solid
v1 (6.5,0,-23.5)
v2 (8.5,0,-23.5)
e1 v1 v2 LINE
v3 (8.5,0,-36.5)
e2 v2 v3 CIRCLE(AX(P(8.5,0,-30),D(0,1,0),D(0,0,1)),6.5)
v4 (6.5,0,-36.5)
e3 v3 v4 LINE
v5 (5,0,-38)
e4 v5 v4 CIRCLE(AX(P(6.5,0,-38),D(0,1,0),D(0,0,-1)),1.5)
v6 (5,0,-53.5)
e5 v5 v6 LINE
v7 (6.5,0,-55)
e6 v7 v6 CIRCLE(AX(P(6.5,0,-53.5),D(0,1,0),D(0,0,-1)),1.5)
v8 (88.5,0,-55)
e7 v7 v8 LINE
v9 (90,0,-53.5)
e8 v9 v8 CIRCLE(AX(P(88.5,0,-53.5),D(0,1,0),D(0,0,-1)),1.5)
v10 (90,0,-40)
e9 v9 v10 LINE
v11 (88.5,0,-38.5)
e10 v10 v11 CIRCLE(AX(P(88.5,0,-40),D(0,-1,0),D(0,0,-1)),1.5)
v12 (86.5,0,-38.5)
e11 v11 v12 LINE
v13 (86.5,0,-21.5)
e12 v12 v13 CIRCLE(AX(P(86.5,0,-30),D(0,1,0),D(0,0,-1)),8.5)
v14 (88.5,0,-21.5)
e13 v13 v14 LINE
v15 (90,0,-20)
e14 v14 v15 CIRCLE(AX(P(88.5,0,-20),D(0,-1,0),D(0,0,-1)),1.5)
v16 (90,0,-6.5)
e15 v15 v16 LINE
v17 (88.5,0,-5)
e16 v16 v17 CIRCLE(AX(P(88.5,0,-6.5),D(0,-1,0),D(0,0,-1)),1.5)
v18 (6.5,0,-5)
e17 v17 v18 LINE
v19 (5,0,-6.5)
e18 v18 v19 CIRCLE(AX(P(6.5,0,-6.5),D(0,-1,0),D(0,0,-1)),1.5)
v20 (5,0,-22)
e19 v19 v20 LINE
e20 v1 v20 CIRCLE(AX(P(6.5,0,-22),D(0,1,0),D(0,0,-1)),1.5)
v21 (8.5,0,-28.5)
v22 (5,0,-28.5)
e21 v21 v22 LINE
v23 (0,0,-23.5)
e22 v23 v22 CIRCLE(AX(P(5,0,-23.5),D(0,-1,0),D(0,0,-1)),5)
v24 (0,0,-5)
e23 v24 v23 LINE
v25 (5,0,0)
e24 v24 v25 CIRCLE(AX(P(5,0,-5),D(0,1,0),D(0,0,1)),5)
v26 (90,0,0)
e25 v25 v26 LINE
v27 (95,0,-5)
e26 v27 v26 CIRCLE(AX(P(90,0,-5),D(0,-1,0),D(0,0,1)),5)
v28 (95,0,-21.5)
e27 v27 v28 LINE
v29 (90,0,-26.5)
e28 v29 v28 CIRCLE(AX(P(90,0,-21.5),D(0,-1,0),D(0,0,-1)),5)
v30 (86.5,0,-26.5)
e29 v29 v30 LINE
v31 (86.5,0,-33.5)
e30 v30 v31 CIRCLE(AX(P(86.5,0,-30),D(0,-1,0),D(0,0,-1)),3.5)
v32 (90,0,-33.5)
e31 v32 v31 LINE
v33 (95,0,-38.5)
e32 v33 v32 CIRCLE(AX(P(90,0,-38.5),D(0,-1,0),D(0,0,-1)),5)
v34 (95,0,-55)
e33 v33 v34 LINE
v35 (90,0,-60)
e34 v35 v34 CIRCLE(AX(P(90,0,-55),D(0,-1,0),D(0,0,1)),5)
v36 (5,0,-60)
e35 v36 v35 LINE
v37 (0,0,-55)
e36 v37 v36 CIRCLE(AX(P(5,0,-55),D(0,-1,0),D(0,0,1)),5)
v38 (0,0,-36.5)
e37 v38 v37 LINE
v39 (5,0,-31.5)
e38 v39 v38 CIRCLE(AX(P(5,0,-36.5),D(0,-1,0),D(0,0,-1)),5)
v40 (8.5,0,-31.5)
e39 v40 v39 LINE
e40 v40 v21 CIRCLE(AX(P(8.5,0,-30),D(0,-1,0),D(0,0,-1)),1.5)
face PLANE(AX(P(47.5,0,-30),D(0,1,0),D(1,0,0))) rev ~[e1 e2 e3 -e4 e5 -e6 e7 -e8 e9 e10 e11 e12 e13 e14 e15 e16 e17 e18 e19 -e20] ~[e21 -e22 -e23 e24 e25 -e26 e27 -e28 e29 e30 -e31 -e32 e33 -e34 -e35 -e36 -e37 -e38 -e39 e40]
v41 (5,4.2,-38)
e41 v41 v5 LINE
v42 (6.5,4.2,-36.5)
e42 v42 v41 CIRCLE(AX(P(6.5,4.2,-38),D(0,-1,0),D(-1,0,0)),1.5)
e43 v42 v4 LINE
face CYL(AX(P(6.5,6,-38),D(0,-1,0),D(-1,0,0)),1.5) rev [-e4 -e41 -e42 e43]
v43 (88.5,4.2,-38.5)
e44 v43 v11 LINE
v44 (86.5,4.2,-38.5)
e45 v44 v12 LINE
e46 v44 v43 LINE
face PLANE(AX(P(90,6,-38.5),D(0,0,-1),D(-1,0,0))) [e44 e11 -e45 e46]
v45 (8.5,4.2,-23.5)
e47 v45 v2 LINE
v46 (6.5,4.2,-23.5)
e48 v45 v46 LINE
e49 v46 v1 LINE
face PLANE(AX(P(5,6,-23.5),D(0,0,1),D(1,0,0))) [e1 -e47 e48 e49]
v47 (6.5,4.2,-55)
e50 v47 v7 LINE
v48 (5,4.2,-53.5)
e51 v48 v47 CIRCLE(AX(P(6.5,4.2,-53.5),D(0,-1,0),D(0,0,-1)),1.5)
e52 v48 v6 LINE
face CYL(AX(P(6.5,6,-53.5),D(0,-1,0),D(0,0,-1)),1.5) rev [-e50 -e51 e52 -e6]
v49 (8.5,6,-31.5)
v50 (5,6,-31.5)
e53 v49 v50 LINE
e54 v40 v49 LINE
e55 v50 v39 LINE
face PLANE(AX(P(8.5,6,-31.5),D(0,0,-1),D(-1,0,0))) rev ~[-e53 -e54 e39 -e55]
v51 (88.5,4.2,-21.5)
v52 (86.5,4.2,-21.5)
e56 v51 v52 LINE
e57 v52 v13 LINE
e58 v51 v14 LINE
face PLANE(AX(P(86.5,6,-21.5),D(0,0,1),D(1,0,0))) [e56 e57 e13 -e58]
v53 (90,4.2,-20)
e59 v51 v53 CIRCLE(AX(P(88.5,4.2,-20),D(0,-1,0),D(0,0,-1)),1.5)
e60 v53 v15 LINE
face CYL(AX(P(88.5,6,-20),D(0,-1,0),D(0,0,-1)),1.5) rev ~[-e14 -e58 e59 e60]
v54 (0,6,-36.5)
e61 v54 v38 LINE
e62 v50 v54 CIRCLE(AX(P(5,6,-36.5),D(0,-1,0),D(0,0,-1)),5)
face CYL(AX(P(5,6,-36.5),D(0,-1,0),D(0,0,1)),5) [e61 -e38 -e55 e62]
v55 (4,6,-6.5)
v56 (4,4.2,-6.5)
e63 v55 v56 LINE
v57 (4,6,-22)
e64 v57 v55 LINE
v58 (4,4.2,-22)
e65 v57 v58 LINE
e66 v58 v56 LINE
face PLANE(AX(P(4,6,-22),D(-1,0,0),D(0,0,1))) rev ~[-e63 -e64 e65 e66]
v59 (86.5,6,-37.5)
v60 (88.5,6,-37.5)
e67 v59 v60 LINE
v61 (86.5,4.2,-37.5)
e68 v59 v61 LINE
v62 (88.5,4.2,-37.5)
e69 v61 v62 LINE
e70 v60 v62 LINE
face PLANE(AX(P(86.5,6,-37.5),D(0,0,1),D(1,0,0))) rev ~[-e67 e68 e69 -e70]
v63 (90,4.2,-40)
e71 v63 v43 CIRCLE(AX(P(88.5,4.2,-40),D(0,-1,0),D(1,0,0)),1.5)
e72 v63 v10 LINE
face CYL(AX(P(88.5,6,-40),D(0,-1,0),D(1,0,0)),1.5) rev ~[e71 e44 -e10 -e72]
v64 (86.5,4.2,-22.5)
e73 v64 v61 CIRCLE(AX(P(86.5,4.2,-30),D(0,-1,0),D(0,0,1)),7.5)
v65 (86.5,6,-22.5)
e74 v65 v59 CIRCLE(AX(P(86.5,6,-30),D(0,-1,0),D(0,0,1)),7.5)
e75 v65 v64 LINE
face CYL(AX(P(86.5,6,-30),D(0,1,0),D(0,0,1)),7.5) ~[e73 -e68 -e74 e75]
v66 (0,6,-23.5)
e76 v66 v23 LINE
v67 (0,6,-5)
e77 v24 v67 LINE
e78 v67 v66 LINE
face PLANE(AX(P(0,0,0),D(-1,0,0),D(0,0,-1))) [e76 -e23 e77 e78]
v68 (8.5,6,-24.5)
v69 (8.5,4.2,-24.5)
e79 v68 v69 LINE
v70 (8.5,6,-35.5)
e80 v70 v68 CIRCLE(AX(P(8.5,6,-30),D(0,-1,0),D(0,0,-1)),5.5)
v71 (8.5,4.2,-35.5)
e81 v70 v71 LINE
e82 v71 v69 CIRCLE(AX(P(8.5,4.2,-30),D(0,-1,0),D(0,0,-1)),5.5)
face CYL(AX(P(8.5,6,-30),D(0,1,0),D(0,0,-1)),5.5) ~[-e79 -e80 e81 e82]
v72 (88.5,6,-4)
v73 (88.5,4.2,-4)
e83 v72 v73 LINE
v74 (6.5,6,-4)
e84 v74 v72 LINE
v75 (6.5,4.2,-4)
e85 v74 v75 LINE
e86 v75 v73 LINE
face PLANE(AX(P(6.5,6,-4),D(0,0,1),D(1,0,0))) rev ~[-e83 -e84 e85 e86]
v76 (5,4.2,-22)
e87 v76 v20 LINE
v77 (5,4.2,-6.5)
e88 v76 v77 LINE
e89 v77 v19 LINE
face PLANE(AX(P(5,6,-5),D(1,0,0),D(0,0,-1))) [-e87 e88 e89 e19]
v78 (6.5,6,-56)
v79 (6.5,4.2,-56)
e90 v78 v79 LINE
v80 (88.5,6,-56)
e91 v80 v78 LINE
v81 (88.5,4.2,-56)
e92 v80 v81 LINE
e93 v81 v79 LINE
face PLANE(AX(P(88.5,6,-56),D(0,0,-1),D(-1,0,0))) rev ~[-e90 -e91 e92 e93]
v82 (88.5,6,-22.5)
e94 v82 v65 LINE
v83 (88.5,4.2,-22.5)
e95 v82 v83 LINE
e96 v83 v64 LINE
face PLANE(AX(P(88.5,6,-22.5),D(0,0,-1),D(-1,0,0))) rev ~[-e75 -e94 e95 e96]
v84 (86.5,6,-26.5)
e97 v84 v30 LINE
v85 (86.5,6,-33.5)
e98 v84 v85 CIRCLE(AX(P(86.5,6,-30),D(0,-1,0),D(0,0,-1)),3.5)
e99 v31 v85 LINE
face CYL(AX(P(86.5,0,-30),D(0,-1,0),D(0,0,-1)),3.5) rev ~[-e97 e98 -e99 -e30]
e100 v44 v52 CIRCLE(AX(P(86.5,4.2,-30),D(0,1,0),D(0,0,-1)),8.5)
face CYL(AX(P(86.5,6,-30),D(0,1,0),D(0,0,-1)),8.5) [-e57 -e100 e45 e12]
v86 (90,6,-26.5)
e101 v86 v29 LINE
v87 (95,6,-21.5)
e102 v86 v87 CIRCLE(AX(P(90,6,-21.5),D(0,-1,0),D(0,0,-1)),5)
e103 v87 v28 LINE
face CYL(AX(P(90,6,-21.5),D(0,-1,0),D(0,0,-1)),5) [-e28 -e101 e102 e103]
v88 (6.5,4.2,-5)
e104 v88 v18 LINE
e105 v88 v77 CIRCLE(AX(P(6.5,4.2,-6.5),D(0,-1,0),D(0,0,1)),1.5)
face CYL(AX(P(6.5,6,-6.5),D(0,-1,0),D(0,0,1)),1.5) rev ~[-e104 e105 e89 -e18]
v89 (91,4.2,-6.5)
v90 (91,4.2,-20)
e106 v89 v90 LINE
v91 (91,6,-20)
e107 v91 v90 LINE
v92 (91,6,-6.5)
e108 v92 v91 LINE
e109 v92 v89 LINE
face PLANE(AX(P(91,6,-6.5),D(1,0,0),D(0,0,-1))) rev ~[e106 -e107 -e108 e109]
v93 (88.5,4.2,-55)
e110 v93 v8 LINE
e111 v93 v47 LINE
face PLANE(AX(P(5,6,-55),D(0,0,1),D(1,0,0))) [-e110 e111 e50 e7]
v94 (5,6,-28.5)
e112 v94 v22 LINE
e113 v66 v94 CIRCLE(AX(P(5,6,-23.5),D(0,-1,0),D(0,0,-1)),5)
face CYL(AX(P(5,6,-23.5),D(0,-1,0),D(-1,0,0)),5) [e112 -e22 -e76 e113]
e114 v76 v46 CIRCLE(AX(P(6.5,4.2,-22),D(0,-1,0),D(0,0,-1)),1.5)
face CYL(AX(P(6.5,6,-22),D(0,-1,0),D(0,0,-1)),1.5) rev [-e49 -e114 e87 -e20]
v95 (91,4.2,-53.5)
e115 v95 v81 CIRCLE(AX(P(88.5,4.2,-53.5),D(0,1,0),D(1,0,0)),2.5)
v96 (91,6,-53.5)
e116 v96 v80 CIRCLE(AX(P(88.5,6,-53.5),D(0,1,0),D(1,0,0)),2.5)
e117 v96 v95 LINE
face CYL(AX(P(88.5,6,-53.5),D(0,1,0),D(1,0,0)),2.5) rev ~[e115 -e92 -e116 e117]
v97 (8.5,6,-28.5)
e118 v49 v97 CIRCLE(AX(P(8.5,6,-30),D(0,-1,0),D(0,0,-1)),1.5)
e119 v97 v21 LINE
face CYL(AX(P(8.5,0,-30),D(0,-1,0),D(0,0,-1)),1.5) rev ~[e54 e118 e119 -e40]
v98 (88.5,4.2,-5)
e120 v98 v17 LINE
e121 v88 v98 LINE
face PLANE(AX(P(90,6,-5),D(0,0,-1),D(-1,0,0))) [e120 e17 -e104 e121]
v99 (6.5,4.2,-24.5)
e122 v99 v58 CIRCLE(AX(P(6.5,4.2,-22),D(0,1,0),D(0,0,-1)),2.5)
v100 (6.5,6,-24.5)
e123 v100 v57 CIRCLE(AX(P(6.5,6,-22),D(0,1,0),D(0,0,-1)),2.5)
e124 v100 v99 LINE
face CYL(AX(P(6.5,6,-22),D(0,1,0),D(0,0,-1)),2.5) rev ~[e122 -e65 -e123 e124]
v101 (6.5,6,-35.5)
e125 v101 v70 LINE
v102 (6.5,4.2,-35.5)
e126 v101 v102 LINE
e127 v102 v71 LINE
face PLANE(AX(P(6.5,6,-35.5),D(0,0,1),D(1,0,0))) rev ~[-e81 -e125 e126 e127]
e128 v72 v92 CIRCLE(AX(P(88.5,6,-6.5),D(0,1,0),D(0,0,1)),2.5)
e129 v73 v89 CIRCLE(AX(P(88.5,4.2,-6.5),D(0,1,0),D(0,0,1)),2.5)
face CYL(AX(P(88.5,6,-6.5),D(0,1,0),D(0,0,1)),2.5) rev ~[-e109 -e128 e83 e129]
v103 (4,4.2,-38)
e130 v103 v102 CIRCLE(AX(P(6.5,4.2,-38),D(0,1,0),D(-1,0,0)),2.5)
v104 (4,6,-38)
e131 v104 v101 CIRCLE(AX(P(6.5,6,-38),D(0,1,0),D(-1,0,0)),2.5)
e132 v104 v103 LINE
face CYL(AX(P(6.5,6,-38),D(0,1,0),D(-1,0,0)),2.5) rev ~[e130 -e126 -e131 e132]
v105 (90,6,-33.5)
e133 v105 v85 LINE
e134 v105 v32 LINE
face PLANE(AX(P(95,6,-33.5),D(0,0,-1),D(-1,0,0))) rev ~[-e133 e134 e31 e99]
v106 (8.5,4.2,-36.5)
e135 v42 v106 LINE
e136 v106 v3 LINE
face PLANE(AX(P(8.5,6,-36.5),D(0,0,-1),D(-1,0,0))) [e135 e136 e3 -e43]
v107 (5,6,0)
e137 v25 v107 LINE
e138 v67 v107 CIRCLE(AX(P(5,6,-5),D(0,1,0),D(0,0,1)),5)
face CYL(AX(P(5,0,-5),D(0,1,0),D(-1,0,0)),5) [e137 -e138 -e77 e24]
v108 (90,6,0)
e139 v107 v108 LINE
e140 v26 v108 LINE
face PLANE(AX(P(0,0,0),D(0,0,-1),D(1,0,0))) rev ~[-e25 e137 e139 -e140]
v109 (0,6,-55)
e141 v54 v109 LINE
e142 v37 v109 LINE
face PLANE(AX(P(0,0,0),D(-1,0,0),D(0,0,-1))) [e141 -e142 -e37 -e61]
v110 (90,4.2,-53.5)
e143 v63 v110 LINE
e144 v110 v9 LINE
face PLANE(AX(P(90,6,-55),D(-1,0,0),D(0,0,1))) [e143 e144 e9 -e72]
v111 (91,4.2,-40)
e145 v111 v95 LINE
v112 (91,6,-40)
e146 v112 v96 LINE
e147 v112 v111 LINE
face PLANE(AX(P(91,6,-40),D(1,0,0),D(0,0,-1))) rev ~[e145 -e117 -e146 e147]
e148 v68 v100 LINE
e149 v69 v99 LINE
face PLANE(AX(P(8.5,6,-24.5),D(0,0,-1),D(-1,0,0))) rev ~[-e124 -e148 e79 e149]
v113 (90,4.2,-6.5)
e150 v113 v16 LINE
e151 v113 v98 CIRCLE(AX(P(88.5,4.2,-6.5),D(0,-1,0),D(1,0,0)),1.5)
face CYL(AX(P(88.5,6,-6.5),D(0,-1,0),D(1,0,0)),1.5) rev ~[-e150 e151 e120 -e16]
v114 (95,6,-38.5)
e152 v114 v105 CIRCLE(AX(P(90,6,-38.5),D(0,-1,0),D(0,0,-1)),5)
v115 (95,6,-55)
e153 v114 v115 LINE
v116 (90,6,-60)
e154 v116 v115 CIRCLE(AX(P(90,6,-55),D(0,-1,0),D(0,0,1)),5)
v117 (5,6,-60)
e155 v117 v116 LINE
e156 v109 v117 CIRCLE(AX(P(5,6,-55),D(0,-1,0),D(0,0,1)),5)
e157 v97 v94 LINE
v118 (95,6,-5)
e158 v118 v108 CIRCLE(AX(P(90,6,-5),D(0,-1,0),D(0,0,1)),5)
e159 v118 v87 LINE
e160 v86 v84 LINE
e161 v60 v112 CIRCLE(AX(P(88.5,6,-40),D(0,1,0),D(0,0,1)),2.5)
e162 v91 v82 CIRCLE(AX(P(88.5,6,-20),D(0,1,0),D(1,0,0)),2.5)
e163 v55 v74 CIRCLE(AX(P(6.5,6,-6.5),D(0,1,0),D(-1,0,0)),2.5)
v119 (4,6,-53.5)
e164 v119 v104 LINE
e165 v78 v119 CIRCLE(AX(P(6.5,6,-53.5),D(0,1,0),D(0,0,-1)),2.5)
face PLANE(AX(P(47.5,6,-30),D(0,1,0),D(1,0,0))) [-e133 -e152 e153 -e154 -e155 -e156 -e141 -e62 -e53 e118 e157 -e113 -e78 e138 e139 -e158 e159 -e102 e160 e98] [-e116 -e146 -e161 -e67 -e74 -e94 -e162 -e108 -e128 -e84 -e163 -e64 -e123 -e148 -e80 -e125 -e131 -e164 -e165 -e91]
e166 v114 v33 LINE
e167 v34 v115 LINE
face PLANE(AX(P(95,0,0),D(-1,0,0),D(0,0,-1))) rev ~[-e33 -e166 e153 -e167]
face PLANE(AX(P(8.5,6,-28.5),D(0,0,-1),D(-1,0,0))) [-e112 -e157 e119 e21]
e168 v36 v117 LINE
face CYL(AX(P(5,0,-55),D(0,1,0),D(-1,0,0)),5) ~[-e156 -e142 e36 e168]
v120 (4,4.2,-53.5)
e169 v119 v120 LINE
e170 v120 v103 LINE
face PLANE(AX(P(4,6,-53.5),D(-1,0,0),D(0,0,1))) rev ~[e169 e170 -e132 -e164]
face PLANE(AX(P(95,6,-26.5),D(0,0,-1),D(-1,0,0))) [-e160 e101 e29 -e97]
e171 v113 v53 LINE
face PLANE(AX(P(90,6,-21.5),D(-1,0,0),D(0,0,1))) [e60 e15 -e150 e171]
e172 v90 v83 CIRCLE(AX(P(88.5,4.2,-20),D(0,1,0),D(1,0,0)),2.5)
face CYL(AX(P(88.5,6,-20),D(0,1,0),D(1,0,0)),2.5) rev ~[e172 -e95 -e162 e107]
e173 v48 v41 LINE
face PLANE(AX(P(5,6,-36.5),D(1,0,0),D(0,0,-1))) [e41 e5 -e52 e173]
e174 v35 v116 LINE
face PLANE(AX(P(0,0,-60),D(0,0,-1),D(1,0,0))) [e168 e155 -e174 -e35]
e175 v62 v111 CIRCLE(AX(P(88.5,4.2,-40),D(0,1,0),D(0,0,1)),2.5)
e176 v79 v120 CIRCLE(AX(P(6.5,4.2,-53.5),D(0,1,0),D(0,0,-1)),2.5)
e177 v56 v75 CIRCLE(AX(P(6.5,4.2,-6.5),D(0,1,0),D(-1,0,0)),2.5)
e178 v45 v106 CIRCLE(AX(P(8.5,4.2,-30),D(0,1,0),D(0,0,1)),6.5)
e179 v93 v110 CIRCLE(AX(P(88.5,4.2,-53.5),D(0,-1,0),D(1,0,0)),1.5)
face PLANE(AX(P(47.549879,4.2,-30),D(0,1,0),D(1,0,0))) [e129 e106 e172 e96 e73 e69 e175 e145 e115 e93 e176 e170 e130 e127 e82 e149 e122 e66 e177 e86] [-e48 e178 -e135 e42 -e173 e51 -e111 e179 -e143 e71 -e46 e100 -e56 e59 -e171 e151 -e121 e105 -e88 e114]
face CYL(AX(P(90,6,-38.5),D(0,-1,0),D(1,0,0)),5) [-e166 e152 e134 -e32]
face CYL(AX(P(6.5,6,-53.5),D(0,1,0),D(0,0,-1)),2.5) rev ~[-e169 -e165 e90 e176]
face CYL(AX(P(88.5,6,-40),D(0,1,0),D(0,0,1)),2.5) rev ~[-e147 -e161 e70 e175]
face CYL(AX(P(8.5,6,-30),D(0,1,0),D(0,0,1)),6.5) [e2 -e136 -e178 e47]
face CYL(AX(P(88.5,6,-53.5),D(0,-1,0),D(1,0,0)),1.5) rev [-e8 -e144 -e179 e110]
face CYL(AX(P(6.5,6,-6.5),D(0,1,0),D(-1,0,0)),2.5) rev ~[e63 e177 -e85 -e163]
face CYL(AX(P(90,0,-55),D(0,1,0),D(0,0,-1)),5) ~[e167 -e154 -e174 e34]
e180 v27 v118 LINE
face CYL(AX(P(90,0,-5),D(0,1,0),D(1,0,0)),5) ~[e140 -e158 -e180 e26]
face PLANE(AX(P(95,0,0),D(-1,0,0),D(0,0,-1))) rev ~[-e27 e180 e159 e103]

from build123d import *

# Parameters (mm, degrees)
SKETCH1_W           = 95
SKETCH1_H           = 60
BOSS_EXTRUDE1_DEPTH = 6
SKETCH6_R           = 3.5
SKETCH6_R_2         = 1.5
CUT_EXTRUDE3_DEPTH  = 113.521109131
CUT_EXTRUDE1_DEPTH  = 113.521109131
FILLET3_R           = 1.5
SKETCH7_W           = 8.5
SKETCH7_H           = 3
SKETCH7_H_2         = 7
CUT_EXTRUDE4_DEPTH  = 113.521109131
FILLET4_R           = 5
FILLET5_R           = 1.5
CUT_EXTRUDE5_DEPTH  = 1.8


with BuildPart() as part:
    # Sketch1 → Boss-Extrude1 (new body)
    with BuildSketch(Plane(origin=(0, 0, 0), x_dir=(1, 0, 0), z_dir=(0, 1, 0))):
        with Locations((47.5, 30)):
            Rectangle(SKETCH1_W, SKETCH1_H)
    extrude(amount=BOSS_EXTRUDE1_DEPTH)

    # Sketch6 → Cut-Extrude3 (cut, through all)
    with BuildSketch(Plane.XZ):
        with Locations(Location((86.5, -30, 0), (0, 0, 270))):
            Circle(SKETCH6_R)
        with Locations(Location((8.5, -30, 0), (0, 0, 270))):
            Circle(SKETCH6_R_2)
    extrude(amount=-CUT_EXTRUDE3_DEPTH, mode=Mode.SUBTRACT)

    # Sketch2 → Cut-Extrude1 (cut, through all)
    with BuildSketch(Plane(origin=(0, 6, 0), x_dir=(-1, 0, 0), z_dir=(0, 1, 0))):
        with BuildLine():
            Line((-8.5, -36.5), (-5, -36.5))
            Line((-5, -36.5), (-5, -55))
            Line((-5, -55), (-90, -55))
            Line((-90, -55), (-90, -38.5))
            Line((-90, -38.5), (-86.5, -38.5))
            ThreePointArc((-86.5, -38.5), (-78, -30), (-86.5, -21.5))
            Line((-86.5, -21.5), (-90, -21.5))
            Line((-90, -21.5), (-90, -5))
            Line((-90, -5), (-5, -5))
            Line((-5, -5), (-5, -23.5))
            Line((-5, -23.5), (-8.5, -23.5))
            ThreePointArc((-8.5, -23.5), (-15, -30), (-8.5, -36.5))
        make_face()
    extrude(amount=-CUT_EXTRUDE1_DEPTH, mode=Mode.SUBTRACT)

    # Fillet3
    fillet3_edges = [part.edges().sort_by_distance(p)[0] for p in [
        (90, 3, -55),
    ]]
    fillet(fillet3_edges, radius=FILLET3_R)

    # Sketch7 → Cut-Extrude4 (cut, through all)
    with BuildSketch(Plane(origin=(0, 6, 0), x_dir=(-1, 0, 0), z_dir=(0, 1, 0))):
        with Locations((-4.25, -30)):
            Rectangle(SKETCH7_W, SKETCH7_H)
        with Locations((-90.75, -30)):
            Rectangle(SKETCH7_W, SKETCH7_H_2)
    extrude(amount=-CUT_EXTRUDE4_DEPTH, mode=Mode.SUBTRACT)

    # Fillet4
    fillet4_edges = [part.edges().sort_by_distance(p)[0] for p in [
        (0, 3, -60),
        (95, 3, -60),
        (0, 3, -28.5),
        (95, 3, 0),
        (0, 3, -31.5),
        (0, 3, 0),
        (95, 3, -33.5),
        (95, 3, -26.5),
    ]]
    fillet(fillet4_edges, radius=FILLET4_R)

    # Fillet5
    fillet5_edges = [part.edges().sort_by_distance(p)[0] for p in [
        (5, 3, -5),
        (5, 3, -23.5),
        (5, 3, -36.5),
        (5, 3, -55),
        (90, 3, -38.5),
        (90, 3, -21.5),
        (90, 3, -5),
    ]]
    fillet(fillet5_edges, radius=FILLET5_R)

    # Sketch9 → Cut-Extrude5 (cut)
    with BuildSketch(Plane(origin=(0, 6, 0), x_dir=(1, 0, 0), z_dir=(0, 1, 0))):
        with BuildLine():
            Line((6.5, 4), (88.5, 4))
            ThreePointArc((88.5, 4), (90.267766953, 4.732233047), (91, 6.5))
            Line((91, 6.5), (91, 20))
            ThreePointArc((91, 20), (90.267766953, 21.767766953), (88.5, 22.5))
            Line((88.5, 22.5), (86.5, 22.5))
            ThreePointArc((86.5, 22.5), (79, 30), (86.5, 37.5))
            Line((86.5, 37.5), (88.5, 37.5))
            ThreePointArc((88.5, 37.5), (90.267766953, 38.232233047), (91, 40))
            Line((91, 40), (91, 53.5))
            ThreePointArc((91, 53.5), (90.267766953, 55.267766953), (88.5, 56))
            Line((88.5, 56), (6.5, 56))
            ThreePointArc((6.5, 56), (4.732233047, 55.267766953), (4, 53.5))
            Line((4, 53.5), (4, 38))
            ThreePointArc((4, 38), (4.732233047, 36.232233047), (6.5, 35.5))
            Line((6.5, 35.5), (8.5, 35.5))
            ThreePointArc((8.5, 35.5), (14, 30), (8.5, 24.5))
            Line((8.5, 24.5), (6.5, 24.5))
            ThreePointArc((6.5, 24.5), (4.732233047, 23.767766953), (4, 22))
            Line((4, 22), (4, 6.5))
            ThreePointArc((4, 6.5), (4.732233047, 4.732233047), (6.5, 4))
        make_face()
    extrude(amount=-CUT_EXTRUDE5_DEPTH, mode=Mode.SUBTRACT)


solid = part.part
